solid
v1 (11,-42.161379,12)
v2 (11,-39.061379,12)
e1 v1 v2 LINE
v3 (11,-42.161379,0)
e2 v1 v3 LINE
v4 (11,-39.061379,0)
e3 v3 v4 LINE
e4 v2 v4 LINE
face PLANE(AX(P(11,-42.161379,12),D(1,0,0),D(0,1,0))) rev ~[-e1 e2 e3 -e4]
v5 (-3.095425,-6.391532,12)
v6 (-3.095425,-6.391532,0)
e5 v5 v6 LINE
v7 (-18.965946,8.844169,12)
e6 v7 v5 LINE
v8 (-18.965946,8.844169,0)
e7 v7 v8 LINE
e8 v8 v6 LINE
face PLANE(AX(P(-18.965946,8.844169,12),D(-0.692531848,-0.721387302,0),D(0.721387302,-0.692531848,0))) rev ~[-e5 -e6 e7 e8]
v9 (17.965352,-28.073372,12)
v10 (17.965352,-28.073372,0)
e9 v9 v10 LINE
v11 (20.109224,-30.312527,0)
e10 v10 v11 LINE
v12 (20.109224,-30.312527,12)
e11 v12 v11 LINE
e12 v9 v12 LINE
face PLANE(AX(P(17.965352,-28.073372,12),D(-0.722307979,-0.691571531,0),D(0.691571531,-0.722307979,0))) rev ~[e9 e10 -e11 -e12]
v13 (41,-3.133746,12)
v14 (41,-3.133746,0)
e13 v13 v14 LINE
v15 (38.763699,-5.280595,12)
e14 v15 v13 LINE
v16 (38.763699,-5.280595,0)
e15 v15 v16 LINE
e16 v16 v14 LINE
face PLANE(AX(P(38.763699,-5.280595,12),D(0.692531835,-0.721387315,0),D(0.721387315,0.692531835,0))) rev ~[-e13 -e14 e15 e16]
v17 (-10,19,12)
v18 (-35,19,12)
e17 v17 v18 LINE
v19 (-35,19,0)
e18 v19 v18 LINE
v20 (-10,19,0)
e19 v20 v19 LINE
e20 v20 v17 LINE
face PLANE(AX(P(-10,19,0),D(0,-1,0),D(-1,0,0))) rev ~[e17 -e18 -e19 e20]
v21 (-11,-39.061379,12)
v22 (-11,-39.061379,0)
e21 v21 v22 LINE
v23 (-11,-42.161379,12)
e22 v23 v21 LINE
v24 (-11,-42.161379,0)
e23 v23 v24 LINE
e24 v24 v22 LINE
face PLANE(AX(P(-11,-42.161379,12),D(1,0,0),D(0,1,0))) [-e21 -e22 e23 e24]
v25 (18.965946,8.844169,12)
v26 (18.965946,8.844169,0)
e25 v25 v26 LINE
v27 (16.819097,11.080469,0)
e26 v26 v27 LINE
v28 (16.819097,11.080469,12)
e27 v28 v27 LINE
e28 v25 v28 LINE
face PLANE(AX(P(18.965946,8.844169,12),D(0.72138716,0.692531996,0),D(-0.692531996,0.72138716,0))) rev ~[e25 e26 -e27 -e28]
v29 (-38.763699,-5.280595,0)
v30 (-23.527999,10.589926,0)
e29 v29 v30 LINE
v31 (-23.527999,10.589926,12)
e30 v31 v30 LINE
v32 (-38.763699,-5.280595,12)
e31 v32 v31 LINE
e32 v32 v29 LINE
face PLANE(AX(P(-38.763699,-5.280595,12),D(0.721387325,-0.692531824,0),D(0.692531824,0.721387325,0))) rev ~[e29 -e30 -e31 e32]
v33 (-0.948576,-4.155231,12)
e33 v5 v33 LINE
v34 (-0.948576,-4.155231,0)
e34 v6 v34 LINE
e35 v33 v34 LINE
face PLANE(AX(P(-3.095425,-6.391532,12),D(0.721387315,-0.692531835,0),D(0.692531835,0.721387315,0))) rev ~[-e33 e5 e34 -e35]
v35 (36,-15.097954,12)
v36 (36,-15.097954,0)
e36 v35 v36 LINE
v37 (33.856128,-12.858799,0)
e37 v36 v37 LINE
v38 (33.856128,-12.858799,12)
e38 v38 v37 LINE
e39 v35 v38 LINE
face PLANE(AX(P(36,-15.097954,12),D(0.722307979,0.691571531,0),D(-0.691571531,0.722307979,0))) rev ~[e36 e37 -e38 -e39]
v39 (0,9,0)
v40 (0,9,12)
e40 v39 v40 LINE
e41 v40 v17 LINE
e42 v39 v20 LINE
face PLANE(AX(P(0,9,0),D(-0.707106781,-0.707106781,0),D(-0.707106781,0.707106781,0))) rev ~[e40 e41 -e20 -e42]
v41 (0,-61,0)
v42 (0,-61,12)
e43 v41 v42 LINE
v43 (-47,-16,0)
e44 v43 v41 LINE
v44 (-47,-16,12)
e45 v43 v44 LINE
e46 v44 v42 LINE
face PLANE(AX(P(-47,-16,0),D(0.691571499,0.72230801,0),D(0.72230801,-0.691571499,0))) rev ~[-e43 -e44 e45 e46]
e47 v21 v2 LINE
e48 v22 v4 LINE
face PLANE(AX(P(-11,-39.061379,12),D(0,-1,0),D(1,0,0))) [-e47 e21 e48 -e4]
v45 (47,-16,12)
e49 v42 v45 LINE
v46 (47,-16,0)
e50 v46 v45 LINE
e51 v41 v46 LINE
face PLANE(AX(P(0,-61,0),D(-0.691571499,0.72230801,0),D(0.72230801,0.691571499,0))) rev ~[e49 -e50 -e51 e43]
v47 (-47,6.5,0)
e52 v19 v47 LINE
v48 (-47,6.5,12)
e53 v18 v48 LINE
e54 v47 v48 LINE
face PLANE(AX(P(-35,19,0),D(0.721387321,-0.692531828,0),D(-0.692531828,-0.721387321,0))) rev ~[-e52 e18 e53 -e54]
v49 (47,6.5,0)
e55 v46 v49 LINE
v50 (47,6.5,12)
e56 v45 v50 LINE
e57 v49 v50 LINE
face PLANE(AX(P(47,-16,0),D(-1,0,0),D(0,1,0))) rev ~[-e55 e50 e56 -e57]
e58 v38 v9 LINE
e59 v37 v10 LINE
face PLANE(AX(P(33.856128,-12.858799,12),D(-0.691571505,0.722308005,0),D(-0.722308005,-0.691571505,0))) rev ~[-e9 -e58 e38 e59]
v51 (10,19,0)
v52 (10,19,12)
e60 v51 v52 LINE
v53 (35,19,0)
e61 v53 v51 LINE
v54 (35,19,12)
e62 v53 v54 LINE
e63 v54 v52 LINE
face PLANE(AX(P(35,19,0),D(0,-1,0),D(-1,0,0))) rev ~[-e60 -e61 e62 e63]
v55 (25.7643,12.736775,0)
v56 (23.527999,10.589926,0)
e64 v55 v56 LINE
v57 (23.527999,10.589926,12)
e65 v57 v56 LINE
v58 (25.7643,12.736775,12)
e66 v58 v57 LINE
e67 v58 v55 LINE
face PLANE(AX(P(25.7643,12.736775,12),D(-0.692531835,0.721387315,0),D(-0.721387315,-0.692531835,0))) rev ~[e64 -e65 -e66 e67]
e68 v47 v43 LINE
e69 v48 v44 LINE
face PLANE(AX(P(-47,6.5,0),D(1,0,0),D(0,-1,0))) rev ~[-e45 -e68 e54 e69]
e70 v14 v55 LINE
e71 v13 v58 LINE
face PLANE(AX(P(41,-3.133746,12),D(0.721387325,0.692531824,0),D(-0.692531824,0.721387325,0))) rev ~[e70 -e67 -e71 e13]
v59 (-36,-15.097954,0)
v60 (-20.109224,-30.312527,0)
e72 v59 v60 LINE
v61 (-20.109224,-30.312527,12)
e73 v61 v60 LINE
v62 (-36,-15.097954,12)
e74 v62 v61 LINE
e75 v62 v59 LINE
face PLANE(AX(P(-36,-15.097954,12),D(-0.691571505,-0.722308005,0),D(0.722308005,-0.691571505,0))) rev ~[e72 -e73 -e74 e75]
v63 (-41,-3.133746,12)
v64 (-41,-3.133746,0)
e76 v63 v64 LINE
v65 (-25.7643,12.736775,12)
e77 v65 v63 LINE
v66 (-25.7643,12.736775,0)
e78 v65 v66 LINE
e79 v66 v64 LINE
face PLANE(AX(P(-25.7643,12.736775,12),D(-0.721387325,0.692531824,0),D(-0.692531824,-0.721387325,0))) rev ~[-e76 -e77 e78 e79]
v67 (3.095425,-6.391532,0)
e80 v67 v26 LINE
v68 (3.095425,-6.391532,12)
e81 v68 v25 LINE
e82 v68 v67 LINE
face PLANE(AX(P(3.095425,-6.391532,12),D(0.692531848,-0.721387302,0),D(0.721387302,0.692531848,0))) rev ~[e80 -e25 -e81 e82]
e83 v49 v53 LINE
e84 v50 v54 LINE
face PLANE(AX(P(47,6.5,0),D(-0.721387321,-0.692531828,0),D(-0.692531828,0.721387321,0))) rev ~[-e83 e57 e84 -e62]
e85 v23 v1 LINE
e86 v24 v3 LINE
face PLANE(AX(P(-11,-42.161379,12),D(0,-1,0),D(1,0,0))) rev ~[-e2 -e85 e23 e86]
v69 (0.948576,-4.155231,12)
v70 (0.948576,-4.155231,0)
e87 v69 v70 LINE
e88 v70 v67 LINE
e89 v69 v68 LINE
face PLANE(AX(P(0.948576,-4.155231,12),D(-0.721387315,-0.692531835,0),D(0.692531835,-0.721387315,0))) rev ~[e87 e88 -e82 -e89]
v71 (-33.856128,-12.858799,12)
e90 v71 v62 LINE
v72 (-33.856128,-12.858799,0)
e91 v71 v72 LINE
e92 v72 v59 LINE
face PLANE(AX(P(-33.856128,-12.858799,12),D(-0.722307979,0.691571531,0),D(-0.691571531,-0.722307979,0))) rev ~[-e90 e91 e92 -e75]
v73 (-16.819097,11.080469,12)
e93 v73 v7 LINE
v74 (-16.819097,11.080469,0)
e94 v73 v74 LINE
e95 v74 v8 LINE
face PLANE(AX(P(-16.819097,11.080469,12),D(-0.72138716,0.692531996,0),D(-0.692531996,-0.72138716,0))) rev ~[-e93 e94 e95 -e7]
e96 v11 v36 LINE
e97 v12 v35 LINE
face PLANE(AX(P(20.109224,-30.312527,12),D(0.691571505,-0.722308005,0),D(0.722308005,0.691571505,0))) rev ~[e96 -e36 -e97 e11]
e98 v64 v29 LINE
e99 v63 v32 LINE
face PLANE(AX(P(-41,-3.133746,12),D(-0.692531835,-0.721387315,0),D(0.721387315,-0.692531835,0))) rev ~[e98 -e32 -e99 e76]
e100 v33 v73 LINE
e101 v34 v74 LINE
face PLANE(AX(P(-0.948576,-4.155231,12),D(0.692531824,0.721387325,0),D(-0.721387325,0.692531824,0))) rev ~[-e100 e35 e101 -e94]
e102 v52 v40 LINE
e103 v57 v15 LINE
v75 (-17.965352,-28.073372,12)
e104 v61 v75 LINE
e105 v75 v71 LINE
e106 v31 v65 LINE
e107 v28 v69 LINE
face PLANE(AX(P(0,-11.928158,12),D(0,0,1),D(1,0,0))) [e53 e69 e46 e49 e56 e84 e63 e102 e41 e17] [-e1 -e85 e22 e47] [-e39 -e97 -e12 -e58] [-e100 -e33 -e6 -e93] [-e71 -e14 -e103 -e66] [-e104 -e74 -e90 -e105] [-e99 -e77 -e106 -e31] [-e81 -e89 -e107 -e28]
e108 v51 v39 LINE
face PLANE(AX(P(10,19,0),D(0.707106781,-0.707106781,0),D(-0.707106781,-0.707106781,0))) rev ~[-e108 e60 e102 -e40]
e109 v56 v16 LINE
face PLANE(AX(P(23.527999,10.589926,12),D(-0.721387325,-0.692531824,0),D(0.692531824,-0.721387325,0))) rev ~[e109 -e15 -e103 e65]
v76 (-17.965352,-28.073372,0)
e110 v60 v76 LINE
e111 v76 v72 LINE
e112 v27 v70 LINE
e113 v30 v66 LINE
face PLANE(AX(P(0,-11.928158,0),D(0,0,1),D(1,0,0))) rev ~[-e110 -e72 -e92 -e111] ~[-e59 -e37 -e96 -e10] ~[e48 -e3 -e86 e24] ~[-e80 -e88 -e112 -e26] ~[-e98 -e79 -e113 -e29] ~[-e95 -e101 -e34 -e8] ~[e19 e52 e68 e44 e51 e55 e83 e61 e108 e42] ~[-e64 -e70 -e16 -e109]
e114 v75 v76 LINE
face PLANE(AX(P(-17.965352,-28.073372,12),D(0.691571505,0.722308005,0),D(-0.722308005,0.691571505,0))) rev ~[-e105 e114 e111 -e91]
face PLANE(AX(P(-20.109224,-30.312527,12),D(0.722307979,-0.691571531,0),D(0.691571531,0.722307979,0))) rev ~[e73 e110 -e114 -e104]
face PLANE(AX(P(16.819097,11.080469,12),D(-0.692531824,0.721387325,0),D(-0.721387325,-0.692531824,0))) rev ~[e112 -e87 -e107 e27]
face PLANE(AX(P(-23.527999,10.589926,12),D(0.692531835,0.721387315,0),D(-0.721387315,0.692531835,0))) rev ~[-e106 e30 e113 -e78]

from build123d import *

# Parameters (mm, degrees)
F1_DEPTH = 12
F2_W     = 22
F2_H     = 3.1
F3_DEPTH = 25


with BuildPart() as f1:
    # F0 (on Top) → F1 (new body)
    with BuildSketch(Plane.XY):
        Polygon((-47, -16), (0, -61), (47, -16), (47, 6.5), (35, 19), (10, 19), (0, 9), (-10, 19), (-35, 19), (-47, 6.5), align=None)
    extrude(amount=F1_DEPTH)

    # F2 (on face) → F3 (cut)
    with BuildSketch(Plane.XY.offset(12)):
        Polygon((38.763699, -5.280595), (41, -3.133746), (25.7643, 12.736775), (23.527999, 10.589926), align=None)
        Polygon((17.965352, -28.073372), (20.109224, -30.312527), (36, -15.097954), (33.856128, -12.858799), align=None)
        with Locations((0, -40.611379)):
            Rectangle(F2_W, F2_H)
        Polygon((-17.965352, -28.073372), (-33.856128, -12.858799), (-36, -15.097954), (-20.109224, -30.312527), align=None)
        Polygon((3.095425, -6.391532), (18.965946, 8.844169), (16.819097, 11.080469), (0.948576, -4.155231), align=None)
        Polygon((-18.965946, 8.844169), (-3.095425, -6.391532), (-0.948576, -4.155231), (-16.819097, 11.080469), align=None)
        Polygon((-38.763699, -5.280595), (-23.527999, 10.589926), (-25.7643, 12.736775), (-41, -3.133746), align=None)
    extrude(amount=-F3_DEPTH, mode=Mode.SUBTRACT)


solid = f1.part
